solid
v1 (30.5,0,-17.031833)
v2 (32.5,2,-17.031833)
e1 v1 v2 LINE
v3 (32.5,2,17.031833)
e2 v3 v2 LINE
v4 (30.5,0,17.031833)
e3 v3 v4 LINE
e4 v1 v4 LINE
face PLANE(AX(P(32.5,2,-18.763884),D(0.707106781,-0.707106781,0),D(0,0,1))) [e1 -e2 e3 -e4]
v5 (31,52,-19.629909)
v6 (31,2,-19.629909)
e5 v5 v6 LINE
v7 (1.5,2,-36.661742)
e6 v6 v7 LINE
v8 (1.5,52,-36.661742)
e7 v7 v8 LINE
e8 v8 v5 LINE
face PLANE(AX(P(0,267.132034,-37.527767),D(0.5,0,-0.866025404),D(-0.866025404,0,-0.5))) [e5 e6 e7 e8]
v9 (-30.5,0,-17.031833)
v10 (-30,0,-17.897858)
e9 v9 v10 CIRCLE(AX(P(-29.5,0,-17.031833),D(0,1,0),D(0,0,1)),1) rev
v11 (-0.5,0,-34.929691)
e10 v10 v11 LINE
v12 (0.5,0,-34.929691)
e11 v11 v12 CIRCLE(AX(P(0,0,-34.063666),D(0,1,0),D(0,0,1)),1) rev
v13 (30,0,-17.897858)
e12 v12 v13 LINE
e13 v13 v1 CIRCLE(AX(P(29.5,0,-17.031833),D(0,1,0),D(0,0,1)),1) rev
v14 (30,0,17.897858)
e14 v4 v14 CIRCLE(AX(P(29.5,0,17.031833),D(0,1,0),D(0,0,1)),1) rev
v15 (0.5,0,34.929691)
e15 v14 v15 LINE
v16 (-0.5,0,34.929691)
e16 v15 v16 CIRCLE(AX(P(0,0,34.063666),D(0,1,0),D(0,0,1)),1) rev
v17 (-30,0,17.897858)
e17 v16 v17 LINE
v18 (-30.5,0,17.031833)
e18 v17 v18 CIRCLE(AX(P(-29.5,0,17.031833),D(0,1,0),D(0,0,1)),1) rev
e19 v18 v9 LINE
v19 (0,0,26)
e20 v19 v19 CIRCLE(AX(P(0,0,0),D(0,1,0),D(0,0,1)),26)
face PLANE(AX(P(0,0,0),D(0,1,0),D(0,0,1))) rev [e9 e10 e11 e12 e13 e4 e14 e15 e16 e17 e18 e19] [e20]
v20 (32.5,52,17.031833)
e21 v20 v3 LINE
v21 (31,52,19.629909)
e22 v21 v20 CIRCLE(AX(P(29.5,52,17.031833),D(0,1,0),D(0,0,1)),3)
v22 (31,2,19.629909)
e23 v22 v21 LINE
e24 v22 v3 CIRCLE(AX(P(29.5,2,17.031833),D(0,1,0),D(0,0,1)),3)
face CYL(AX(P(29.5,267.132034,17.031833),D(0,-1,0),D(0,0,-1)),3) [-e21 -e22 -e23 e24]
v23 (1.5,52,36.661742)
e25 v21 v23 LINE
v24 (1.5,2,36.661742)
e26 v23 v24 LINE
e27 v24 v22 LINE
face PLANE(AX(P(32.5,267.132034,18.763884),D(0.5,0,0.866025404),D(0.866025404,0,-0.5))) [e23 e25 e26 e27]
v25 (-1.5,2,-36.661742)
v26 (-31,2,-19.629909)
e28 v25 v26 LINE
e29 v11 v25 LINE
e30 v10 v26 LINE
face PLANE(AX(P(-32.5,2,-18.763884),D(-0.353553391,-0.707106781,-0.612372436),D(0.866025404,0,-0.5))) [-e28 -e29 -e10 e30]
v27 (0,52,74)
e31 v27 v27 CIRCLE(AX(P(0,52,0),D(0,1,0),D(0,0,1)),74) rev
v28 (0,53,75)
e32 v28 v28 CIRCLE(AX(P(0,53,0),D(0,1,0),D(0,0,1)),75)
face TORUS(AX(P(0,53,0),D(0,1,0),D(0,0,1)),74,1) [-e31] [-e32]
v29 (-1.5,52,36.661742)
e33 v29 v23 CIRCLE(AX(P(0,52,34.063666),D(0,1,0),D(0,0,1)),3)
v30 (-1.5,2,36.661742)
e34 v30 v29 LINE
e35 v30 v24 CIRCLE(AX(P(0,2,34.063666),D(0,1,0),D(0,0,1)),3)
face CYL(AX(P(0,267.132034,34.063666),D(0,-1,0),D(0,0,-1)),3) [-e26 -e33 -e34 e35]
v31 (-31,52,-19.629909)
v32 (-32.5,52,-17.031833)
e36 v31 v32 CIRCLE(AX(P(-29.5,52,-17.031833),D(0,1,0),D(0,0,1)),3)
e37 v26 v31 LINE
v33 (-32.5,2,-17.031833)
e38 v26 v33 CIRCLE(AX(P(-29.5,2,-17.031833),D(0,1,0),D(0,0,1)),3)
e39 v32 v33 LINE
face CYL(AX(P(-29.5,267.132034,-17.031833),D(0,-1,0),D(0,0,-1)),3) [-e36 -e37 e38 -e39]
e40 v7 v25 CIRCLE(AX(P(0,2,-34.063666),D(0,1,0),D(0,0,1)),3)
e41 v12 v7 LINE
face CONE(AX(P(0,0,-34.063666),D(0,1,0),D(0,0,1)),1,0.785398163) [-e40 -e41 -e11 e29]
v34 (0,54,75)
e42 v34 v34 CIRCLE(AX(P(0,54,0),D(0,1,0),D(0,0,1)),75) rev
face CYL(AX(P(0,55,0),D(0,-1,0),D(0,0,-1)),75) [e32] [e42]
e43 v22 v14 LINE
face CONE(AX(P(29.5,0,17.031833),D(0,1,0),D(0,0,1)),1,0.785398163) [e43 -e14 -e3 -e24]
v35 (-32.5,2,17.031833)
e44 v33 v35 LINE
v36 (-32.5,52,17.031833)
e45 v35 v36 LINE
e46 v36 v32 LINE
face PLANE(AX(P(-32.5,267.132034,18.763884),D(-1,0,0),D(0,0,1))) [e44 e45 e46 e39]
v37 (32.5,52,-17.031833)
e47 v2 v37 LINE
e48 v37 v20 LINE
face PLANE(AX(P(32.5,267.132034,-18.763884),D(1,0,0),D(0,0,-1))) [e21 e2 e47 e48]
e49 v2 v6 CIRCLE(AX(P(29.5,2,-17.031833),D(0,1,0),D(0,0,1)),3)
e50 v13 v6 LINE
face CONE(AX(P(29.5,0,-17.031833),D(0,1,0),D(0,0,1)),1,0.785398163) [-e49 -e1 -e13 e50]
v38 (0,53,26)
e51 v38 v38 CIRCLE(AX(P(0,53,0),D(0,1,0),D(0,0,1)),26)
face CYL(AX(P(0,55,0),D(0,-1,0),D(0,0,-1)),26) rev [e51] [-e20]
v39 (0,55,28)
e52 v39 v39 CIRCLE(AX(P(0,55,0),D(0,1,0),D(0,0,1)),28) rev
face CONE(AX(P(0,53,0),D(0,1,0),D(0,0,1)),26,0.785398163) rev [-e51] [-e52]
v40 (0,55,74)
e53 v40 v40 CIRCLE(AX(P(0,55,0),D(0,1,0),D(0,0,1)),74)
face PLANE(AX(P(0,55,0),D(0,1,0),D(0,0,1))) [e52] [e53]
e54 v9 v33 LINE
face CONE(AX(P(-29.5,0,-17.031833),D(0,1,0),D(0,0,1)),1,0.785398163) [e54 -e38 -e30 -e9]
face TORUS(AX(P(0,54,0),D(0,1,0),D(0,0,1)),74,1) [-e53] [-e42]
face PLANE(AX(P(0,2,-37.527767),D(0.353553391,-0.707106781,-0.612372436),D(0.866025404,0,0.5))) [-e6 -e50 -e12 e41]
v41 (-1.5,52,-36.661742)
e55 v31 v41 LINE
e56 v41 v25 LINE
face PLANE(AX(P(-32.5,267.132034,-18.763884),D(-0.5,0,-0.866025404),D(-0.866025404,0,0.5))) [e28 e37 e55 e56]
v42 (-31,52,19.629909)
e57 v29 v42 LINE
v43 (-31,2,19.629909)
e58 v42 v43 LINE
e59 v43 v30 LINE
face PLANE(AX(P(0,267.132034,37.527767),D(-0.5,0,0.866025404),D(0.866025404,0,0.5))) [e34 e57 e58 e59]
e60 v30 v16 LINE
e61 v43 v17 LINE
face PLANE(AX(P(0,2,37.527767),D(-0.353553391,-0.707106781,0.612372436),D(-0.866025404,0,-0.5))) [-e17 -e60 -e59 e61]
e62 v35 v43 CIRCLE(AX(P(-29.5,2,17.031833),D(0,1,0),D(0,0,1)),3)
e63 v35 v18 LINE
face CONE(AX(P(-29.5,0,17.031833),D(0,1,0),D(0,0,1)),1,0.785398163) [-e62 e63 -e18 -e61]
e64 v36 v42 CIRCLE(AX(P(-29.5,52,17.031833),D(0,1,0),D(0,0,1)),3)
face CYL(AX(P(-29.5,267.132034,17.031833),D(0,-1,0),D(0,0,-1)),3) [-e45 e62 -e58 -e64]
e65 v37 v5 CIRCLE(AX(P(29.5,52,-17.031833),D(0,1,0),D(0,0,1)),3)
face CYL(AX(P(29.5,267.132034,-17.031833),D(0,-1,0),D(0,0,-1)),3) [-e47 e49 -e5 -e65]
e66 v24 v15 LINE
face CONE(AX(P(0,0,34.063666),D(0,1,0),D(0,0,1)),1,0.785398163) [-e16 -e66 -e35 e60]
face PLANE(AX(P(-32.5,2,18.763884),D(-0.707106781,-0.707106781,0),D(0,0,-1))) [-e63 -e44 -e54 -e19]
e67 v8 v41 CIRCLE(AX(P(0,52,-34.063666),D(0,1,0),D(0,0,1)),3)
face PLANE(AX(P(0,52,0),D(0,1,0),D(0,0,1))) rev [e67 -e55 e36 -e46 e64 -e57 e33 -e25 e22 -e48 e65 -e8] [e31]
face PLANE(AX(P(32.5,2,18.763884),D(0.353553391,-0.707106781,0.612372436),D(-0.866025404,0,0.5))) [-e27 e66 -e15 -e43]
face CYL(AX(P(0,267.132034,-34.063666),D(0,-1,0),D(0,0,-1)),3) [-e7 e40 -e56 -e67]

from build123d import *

# Parameters (mm, degrees)
SKETCH2_R               = 75
SKETCH2_R_2             = 26
BOSS_EXTRUDE1_DEPTH     = 55
CUT_EXTRUDE1_DEPTH      = 120.478031453
CUT_EXTRUDE1_DEPTH_BACK = 52
SKETCH3_R               = 75
FILLET1_R               = 3
CHAMFER1_SIZE           = 2
CHAMFER3_SIZE           = 2
FILLET2_R               = 1


with BuildPart() as part:
    # Sketch2 → Boss-Extrude1 (new body)
    with BuildSketch(Plane(origin=(0, 0, 0), x_dir=(1, 0, 0), z_dir=(0, 1, 0))):
        with Locations(Location((0, 0, 0), (0, 0, 270))):
            Circle(SKETCH2_R)
        with Locations(Location((0, 0, 0), (0, 0, 270))):
            Circle(SKETCH2_R_2, mode=Mode.SUBTRACT)
    extrude(amount=BOSS_EXTRUDE1_DEPTH)

    # Sketch3 → Cut-Extrude1 (cut, two sides: drawn at the far end of the back side and taken through both)
    with BuildSketch(Plane.XZ.offset(-CUT_EXTRUDE1_DEPTH_BACK)):
        with Locations(Location((0, 0, 0), (0, 0, 90))):
            Circle(SKETCH3_R)
        Polygon((32.5, -18.763883749), (32.5, 18.763883749), (0, 37.527767497), (-32.5, 18.763883749), (-32.5, -18.763883749), (0, -37.527767497), align=None, mode=Mode.SUBTRACT)
    extrude(amount=CUT_EXTRUDE1_DEPTH + CUT_EXTRUDE1_DEPTH_BACK, mode=Mode.SUBTRACT)

    # Fillet1
    fillet1_edges = [part.edges().sort_by_distance(p)[0] for p in [
        (0, 26, -37.527767497),
        (-32.5, 26, -18.763883749),
        (-32.5, 26, 18.763883749),
        (0, 26, 37.527767497),
        (32.5, 26, 18.763883749),
        (32.5, 26, -18.763883749),
    ]]
    fillet(fillet1_edges, radius=FILLET1_R)

    # Chamfer1
    chamfer1_edges = [part.edges().sort_by_distance(p)[0] for p in [
        (16.25, 0, -28.145825623),
        (32.5, 0, 0),
        (16.25, 0, 28.145825623),
        (-16.25, 0, 28.145825623),
        (-32.5, 0, 0),
        (-16.25, 0, -28.145825623),
        (0, 0, -37.063665882),
        (-32.098076211, 0, -18.531832941),
        (-32.098076211, 0, 18.531832941),
        (0, 0, 37.063665882),
        (32.098076211, 0, 18.531832941),
        (32.098076211, 0, -18.531832941),
    ]]
    chamfer(chamfer1_edges, length=CHAMFER1_SIZE)

    # Chamfer3
    chamfer3_edges = [part.edges().sort_by_distance(p)[0] for p in [
        (0, 55, -26),
    ]]
    chamfer(chamfer3_edges, length=CHAMFER3_SIZE)

    # Fillet2
    fillet2_edges = [part.edges().sort_by_distance(p)[0] for p in [
        (0, 52, -75),
        (0, 55, -75),
    ]]
    fillet(fillet2_edges, radius=FILLET2_R)


solid = part.part
